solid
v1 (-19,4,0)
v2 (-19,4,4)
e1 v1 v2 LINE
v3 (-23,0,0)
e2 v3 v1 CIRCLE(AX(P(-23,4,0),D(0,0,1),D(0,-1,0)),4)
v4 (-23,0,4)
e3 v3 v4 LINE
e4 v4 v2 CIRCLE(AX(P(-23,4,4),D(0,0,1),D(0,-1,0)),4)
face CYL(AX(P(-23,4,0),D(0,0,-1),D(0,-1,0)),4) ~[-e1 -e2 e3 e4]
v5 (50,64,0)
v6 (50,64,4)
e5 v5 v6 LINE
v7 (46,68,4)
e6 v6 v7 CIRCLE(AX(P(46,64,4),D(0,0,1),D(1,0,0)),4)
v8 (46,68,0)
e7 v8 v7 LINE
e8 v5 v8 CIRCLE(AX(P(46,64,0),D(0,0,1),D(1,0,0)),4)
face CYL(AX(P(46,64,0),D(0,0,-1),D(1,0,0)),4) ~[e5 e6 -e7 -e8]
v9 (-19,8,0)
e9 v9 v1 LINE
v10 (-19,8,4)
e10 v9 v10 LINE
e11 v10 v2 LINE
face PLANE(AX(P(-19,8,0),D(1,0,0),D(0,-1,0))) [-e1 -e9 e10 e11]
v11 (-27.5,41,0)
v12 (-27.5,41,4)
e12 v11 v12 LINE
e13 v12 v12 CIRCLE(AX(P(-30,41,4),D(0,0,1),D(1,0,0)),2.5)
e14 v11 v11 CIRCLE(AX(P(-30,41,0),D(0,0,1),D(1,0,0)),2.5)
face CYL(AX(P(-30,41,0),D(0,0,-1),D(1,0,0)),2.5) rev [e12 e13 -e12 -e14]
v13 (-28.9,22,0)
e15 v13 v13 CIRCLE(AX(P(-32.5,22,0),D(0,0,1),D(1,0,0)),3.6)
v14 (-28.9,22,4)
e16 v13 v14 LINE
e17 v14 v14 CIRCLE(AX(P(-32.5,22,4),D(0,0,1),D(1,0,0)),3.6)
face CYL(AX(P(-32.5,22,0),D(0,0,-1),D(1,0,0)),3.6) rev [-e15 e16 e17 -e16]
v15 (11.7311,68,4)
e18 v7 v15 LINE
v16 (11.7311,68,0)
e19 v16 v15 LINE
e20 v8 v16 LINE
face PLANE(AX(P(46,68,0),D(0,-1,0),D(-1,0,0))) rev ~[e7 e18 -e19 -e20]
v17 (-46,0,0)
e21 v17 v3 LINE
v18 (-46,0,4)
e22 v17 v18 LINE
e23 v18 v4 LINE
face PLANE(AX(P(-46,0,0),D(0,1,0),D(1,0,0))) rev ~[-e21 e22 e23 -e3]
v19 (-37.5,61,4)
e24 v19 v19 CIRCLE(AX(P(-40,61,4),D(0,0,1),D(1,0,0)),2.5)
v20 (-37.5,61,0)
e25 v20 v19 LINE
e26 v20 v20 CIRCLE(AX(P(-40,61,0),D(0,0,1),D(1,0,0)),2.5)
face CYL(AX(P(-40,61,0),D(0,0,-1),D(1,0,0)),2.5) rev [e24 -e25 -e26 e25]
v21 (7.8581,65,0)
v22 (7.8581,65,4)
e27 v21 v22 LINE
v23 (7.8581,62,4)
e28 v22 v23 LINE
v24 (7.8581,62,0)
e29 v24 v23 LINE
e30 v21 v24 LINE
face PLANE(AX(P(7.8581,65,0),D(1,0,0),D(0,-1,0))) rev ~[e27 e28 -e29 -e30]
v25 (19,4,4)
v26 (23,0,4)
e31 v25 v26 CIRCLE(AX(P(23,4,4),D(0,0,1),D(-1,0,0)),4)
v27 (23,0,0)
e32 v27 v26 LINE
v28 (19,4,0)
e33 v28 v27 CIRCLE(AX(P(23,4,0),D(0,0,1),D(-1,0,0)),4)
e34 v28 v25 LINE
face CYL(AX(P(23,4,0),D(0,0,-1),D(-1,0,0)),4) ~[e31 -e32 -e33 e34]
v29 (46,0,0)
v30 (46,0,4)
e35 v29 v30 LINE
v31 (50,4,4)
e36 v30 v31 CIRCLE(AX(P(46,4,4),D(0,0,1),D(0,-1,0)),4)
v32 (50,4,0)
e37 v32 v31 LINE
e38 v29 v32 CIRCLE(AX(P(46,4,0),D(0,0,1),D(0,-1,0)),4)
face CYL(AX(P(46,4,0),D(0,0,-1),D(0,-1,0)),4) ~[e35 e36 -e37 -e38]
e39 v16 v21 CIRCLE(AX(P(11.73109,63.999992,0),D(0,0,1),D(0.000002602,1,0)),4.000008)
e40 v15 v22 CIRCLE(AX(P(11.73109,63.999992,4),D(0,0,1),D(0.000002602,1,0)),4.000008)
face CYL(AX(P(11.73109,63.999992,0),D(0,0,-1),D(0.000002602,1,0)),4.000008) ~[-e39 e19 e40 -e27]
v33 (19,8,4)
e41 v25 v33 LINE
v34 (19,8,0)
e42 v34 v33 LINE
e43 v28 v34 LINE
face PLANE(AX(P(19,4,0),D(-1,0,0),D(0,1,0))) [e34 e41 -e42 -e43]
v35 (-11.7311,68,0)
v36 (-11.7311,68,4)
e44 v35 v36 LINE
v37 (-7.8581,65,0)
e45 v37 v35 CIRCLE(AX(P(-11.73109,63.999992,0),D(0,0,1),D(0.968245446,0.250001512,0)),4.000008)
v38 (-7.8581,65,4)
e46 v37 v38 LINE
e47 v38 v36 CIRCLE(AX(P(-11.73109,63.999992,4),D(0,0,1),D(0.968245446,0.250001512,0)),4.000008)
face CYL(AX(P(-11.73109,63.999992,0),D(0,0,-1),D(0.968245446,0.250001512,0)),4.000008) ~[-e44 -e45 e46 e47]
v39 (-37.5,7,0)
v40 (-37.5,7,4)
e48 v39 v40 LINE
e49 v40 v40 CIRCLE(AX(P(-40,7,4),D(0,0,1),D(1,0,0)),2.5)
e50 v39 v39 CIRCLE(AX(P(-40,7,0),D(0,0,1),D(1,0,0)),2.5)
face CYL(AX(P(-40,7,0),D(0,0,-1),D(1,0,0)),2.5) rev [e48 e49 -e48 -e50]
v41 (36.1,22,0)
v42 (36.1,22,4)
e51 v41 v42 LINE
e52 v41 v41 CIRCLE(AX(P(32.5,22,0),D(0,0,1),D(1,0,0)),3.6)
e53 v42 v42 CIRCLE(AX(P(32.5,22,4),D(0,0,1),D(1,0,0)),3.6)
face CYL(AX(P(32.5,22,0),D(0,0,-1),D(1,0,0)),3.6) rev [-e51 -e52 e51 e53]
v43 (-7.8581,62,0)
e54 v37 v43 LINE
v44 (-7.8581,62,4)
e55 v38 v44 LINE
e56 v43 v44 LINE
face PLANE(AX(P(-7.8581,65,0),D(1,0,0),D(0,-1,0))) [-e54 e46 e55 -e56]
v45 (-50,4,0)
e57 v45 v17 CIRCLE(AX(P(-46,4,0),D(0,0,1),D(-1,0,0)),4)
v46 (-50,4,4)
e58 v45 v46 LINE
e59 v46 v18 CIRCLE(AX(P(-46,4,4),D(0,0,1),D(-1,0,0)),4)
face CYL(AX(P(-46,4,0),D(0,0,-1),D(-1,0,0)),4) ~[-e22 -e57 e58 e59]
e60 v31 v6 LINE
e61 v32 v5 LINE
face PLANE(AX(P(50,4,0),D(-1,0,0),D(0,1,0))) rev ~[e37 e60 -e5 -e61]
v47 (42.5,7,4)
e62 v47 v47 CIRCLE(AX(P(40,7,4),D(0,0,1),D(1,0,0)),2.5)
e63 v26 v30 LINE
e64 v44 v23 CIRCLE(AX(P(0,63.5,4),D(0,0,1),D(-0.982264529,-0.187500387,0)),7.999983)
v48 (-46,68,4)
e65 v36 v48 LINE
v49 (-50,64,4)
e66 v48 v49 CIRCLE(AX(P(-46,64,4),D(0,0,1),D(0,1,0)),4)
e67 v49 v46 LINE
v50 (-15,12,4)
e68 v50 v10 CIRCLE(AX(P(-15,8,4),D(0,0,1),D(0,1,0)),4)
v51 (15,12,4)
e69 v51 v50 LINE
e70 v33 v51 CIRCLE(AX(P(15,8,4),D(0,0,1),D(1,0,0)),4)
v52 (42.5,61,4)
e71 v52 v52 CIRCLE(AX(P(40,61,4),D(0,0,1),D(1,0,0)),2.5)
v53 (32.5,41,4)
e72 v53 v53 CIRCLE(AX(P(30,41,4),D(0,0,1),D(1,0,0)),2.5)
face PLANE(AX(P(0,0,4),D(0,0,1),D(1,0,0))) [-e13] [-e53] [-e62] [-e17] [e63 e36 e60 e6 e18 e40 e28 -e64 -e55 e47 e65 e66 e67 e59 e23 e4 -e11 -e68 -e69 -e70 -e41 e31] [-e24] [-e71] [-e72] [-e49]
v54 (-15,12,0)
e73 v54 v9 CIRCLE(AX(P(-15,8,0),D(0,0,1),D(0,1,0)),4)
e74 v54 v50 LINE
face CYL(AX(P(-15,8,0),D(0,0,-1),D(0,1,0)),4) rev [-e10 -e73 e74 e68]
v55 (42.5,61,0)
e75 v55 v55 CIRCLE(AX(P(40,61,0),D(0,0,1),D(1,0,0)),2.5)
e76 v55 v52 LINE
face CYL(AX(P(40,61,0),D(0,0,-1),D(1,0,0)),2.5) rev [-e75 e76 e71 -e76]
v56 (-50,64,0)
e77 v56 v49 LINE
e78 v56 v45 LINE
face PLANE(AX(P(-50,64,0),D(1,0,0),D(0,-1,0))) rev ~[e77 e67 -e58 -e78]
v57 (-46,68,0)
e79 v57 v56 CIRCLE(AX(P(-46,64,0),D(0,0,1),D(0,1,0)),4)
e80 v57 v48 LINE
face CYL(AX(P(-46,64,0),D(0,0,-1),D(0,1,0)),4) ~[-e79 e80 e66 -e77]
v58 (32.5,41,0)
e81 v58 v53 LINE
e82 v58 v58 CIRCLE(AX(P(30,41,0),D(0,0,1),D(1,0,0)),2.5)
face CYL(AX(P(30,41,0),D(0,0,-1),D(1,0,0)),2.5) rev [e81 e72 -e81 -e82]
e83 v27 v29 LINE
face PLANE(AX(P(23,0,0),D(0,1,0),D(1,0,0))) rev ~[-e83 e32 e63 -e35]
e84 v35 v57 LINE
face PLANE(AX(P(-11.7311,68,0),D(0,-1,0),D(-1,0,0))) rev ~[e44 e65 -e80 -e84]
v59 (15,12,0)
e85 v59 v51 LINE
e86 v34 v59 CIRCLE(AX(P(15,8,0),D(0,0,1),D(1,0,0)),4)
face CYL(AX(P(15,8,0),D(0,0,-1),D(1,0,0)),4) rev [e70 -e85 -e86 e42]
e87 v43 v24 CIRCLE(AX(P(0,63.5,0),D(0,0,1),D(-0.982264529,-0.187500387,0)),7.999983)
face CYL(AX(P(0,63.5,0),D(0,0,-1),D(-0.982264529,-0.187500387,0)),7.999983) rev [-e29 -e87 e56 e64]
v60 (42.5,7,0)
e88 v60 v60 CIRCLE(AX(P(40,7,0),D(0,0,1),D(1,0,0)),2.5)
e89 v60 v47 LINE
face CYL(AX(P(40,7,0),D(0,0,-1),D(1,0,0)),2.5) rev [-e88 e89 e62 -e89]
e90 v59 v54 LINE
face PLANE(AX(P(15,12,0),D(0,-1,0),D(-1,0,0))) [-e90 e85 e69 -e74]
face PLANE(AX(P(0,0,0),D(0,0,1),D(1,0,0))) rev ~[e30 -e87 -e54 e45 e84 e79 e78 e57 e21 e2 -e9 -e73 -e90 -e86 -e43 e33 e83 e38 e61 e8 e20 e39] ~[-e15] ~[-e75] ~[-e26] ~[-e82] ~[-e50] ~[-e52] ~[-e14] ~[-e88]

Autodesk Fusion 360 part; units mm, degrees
sketch "Sketch1" plane through (0, 0, 0) normal (0, 0, 1) x (1, 0, 0)
  line L0 (-7.8581, 65) -> (-7.8581, 62)
  circle A0 centre (-40, 7) radius 2.5
  line L1 (-32.5, 22) -> (32.5, 22) construction
  line L2 (-40, 61) -> (-40, 7) construction
  arc A1 (19, 8) -> (15, 12) centre (15, 8) ccw
  line L3 (40, 7) -> (40, 61) construction
  arc A2 (-7.8581, 65) -> (-11.7311, 68) centre (-11.7311, 64) ccw
  arc A3 (-50, 4) -> (-46, 0) centre (-46, 4) ccw
  arc A4 (50, 64) -> (46, 68) centre (46, 64) ccw
  line L4 (19, 4) -> (19, 8)
  line L5 (7.8581, 65) -> (7.8581, 62)
  line L6 (-11.7311, 68) -> (-46, 68)
  circle A5 centre (32.5, 22) radius 3.6
  line L7 (-40, 7) -> (40, 7) construction
  line L8 (-30, 41) -> (30, 41) construction
  circle A6 centre (40, 61) radius 2.5
  circle A7 centre (40, 7) radius 2.5
  arc A8 (19, 4) -> (23, 0) centre (23, 4) ccw
  arc A9 (-46, 68) -> (-50, 64) centre (-46, 64) ccw
  line L9 (0, 0) -> (0, 50.832) construction
  arc A10 (11.7311, 68) -> (7.8581, 65) centre (11.7311, 64) ccw
  arc A11 (-15, 12) -> (-19, 8) centre (-15, 8) ccw
  line L10 (-50, 64) -> (-50, 4)
  arc A12 (-7.8581, 62) -> (7.8581, 62) centre (0, 63.5) ccw
  line L11 (15, 12) -> (-15, 12)
  circle A13 centre (-32.5, 22) radius 3.6
  arc A14 (-23, 0) -> (-19, 4) centre (-23, 4) ccw
  line L12 (23, 0) -> (46, 0)
  line L13 (46, 68) -> (11.7311, 68)
  line L14 (-50, 34) -> (50, 34) construction
  circle A15 centre (-30, 41) radius 2.5
  circle A16 centre (-40, 61) radius 2.5
  line L15 (40, 61) -> (-40, 61) construction
  line L16 (50, 4) -> (50, 64)
  arc A17 (46, 0) -> (50, 4) centre (46, 4) ccw
  line L17 (-19, 8) -> (-19, 4)
  line L18 (-46, 0) -> (-23, 0)
  circle A18 centre (30, 41) radius 2.5
  point P0 (-50, 68)
  point P1 (-50, 0)
  point P2 (-50, 0)
  dimension "d1" = 68
  dimension "d3" = 50
  dimension "d4" = 19
  dimension "d5" = 19
  dimension "d6" = 40
  dimension "d7" = 40
  dimension "d8" = 50
  dimension "d9" = 32.5
  dimension "d10" = 32.5
  dimension "d11" = 30
  dimension "d13" = 54
  dimension "d14" = 27
  dimension "d15" = 7
  dimension "d16" = 12
  dimension "d17" = 4
  dimension "d18" = 4
  dimension "d19" = 4
  dimension "d20" = 4
  dimension "d24" = 8
  dimension "d25" = 4.5
  dimension "d27" = 6
  dimension "d28" = 3
  dimension "d29" = 4
  dimension "d30" = 6
  dimension "d32" = 4
  dimension "d35" = 50
  dimension "d36" = 4
  dimension "d37" = 4
  dimension "d38" = 30
  dimension "d39" = 15
  dimension "d40" = 34
  dimension "d44" = 12
  dimension "d45" = 7.2
  dimension "d46" = 5
  dimension "d47" = 30
  dimension "d47" = 30
extrude "Extrude1" add sketch "Sketch1" along normal blind 4
equation "d4 = ( 38 / 2 ) * 1 mm"
equation "d9 = ( 65 / 2 ) * 1 mm"
equation "d14 = ( 54 / 2 ) * 1 mm"
